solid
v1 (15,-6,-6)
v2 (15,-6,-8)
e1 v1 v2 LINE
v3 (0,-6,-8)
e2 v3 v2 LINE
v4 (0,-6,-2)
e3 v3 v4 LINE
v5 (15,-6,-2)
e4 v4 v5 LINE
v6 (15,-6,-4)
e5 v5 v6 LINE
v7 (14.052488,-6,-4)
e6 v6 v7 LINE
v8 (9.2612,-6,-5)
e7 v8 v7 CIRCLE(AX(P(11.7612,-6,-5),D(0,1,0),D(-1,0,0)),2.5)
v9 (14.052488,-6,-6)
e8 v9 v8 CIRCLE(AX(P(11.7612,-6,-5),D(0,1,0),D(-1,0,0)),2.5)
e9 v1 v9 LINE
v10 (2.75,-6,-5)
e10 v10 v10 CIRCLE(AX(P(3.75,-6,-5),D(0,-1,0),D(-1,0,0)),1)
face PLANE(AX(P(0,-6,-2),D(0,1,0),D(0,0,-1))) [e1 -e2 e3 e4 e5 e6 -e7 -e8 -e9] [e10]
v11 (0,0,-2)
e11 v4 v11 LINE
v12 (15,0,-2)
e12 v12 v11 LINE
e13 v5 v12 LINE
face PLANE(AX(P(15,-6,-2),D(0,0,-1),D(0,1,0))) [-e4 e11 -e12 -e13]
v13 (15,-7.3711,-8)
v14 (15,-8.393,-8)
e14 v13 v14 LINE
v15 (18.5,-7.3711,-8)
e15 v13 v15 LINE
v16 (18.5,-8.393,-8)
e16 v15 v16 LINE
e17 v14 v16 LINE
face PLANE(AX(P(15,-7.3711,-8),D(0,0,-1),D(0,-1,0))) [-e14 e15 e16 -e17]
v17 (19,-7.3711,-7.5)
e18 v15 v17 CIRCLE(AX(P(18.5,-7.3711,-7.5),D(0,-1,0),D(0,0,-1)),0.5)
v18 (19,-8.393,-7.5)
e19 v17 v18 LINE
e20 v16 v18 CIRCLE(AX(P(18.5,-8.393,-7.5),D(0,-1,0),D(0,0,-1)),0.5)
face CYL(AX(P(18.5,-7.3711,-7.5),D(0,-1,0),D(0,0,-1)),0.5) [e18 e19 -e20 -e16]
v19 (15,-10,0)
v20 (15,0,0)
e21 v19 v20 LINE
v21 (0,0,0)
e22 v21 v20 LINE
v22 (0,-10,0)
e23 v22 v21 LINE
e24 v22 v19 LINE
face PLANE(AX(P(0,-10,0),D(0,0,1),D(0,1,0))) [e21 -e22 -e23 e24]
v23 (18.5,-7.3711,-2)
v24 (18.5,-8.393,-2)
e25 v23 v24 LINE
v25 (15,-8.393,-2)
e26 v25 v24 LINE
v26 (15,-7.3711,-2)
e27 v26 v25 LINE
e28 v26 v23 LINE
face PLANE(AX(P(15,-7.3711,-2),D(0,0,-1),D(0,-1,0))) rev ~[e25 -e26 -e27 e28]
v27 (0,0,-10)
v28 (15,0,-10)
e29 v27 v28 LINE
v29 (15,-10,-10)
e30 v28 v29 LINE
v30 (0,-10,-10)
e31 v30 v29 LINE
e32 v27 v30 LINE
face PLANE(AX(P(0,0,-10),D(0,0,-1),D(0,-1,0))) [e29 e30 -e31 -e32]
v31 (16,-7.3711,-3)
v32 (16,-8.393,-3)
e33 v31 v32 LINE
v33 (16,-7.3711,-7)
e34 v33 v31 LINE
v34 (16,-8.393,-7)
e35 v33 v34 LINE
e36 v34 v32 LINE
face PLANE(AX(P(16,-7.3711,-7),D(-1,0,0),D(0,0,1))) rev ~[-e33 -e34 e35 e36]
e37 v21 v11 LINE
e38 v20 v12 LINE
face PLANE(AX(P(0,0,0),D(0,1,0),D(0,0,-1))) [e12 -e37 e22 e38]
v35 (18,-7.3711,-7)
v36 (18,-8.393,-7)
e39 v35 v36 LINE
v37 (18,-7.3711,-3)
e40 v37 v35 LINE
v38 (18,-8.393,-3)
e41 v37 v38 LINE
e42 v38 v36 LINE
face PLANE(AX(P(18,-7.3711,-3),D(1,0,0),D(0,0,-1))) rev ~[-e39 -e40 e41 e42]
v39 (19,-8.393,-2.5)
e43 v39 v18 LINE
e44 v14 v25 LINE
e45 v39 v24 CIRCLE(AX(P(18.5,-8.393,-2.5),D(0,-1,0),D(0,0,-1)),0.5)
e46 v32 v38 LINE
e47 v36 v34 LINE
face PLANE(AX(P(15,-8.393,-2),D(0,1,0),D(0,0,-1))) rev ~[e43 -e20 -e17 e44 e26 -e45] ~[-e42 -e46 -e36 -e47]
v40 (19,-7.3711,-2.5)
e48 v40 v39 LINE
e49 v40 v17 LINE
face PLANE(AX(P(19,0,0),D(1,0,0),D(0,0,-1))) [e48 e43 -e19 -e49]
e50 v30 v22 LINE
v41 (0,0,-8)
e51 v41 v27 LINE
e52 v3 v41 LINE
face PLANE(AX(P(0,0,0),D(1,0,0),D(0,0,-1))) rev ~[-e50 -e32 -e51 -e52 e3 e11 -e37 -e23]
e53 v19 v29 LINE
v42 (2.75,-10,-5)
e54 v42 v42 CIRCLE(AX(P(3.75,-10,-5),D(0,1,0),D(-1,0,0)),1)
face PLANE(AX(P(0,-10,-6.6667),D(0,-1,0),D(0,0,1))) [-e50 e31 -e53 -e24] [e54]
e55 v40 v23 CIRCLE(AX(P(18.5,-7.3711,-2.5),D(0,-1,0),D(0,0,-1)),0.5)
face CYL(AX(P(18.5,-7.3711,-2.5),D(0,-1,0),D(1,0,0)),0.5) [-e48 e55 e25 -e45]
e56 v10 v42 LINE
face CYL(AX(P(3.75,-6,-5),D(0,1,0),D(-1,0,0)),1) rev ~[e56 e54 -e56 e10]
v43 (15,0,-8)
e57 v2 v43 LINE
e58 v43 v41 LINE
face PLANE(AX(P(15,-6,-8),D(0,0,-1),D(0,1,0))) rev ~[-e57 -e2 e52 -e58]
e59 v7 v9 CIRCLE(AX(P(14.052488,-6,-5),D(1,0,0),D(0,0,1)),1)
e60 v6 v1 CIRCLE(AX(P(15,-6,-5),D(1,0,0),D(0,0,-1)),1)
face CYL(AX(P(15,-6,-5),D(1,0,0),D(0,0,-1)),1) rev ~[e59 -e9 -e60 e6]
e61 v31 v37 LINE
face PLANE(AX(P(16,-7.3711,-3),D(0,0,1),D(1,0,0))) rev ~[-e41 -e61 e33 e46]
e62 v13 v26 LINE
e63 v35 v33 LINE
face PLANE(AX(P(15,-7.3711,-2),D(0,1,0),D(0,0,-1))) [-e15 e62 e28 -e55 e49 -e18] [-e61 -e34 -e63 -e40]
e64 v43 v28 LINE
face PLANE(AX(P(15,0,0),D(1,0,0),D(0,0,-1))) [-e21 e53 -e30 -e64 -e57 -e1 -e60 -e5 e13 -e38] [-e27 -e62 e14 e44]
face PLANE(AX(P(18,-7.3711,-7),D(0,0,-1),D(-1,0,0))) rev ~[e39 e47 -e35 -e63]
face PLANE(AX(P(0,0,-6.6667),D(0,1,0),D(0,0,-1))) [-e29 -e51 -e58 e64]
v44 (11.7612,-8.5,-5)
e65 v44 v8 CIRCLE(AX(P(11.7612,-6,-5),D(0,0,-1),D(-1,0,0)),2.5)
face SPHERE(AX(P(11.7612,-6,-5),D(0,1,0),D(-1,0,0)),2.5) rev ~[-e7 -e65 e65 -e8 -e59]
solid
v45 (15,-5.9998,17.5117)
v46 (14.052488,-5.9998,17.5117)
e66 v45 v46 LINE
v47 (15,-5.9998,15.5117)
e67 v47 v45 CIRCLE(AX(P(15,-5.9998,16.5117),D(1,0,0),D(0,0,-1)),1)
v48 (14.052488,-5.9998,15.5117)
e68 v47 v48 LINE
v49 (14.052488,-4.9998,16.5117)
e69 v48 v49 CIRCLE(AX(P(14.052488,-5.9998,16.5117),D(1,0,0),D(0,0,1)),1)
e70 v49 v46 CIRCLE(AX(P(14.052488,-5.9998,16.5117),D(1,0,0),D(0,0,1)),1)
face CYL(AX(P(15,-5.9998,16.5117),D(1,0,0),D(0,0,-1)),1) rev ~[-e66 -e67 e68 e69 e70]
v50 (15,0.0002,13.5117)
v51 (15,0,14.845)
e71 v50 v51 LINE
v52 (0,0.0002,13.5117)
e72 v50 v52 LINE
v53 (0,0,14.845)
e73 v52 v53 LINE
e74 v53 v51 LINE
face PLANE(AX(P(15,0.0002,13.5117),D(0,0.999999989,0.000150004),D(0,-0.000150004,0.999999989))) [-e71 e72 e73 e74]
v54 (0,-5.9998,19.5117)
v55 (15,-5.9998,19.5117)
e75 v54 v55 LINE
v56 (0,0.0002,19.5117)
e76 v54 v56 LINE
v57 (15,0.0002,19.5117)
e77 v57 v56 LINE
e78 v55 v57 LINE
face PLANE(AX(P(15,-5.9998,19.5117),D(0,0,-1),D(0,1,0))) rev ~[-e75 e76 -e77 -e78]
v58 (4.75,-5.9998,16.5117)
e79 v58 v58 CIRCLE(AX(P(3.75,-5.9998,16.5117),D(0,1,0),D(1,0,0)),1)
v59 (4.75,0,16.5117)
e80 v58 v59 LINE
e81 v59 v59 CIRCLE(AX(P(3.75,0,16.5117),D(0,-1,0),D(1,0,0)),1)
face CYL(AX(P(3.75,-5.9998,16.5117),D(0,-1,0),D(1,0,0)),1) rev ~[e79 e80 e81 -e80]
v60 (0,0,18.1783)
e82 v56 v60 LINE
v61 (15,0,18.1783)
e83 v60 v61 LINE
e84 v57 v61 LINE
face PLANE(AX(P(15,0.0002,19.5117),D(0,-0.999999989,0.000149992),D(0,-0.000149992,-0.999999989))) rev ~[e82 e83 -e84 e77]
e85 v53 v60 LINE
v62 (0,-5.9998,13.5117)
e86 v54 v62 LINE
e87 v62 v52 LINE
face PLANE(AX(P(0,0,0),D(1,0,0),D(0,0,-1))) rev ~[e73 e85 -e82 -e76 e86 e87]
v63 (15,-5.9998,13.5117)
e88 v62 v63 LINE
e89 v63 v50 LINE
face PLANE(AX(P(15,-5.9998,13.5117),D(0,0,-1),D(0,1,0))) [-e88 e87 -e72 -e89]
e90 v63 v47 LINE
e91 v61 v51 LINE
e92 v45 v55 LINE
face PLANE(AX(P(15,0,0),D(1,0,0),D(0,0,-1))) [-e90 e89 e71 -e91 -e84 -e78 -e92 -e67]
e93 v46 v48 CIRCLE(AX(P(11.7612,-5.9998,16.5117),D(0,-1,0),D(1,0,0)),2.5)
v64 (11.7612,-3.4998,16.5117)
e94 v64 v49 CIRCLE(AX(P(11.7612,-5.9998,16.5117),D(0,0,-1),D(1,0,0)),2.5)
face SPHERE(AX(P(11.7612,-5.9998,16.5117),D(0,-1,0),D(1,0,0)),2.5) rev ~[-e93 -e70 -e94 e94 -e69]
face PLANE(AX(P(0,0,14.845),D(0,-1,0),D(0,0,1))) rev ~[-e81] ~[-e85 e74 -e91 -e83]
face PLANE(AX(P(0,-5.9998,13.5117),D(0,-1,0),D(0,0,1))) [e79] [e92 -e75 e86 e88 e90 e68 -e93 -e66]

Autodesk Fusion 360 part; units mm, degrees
sketch "Sketch1" plane through (0, 0, 0) normal (1, 0, 0) x (0, 0, -1)
  line L0 (0, 0) -> (10, 0)
  line L1 (10, 0) -> (10, -10)
  line L2 (10, -10) -> (0, -10)
  line L3 (0, -10) -> (0, 0)
  line L4 (0, 0) -> (10, -10)
  line L5 (0, -10) -> (10, 0)
  line L6 (5, -5) -> (5, 0)
  line L7 (5, 0) -> (10, -10)
  line L8 (6.6667, -3.3333) -> (6.6667, 0)
  line L9 (6.6667, -10) -> (6.6667, -3.3333)
  line L10 (10, 0) -> (6.6667, -10)
  line L11 (8, -6) -> (6.6667, 0)
  line L12 (8, -6) -> (5, -6)
  line L13 (2, -6) -> (3.3333, 0)
  line L14 (2, -6) -> (5, -6)
  dimension "d1" = 10
  dimension "d2" = 10
extrude "Extrude1" add sketch "Sketch1" along normal blind 15 contours L3 L4 L5 L13 L14 | L0 L4 L13 | L2 L4 L5 L9 L12 L14 | L2 L4 L10 | L4 L9 L10 | L0 L5 L11 | L1 L7 L10 | L4 L7 L10 | L4 L9 L10 L12 | L4 L9 L12 | L5 L10 L11 makes body 1
sketch "Sketch2" plane through (0, -6, 0) normal (0, 1, 0) x (-1, 0, 0)
  line L0 (0, -8) -> (0, -2)
  line L1 (0, -2) -> (-15, -2)
  line L2 (-15, -2) -> (-15, -8)
  line L3 (-15, -8) -> (0, -8)
  line L4 (-15, -2) -> (0, -2)
  line L5 (0, -2) -> (0, -8)
  line L6 (0, -8) -> (-15, -8)
  line L7 (-15, -8) -> (-15, -2)
  line L8 (-15, -2) -> (0, -8)
  line L9 (-15, -8) -> (0, -2)
  line L10 (-7.5, -5) -> (0, -5)
  circle A0 centre (-3.75, -5) radius 1
  dimension "d5" = 2
extrude "Extrude2" cut sketch "Sketch2" against normal blind 10 contours L10 A0 | L10 A0 bodies 1
sketch "Sketch3" plane through (0, -6, 0) normal (0, 1, 0) x (-1, 0, 0)
  circle A0 centre (-3.75, -5) radius 1
  line L0 (0, -8) -> (0, -2)
  line L1 (0, -2) -> (-15, -2)
  line L2 (-15, -2) -> (-15, -8)
  line L3 (-15, -8) -> (0, -8)
  line L4 (-3.75, -5) -> (-15, -5)
  circle A1 centre (-11.7612, -5) radius 2.5
  dimension "d8" = 5
sphere "SpherePrimitive1" cut diameter 5 placed x (-1, 0, 0) y (0, 0, 1) z (0, 1, 0) at (11.7612, -6, -5) bodies 1
sketch "Sketch4" plane through (0, 0, 0) normal (1, 0, 0) x (0, 0, -1)
  line L0 (0, 0) -> (-11.5117, 0)
  line L1 (-11.5117, 0) -> (-21.5117, 0)
  line L2 (-21.5117, 0) -> (-21.5117, -10)
  line L3 (-21.5117, -10) -> (-11.5117, -10)
  line L4 (-11.5117, -10) -> (-11.5117, 0)
  line L5 (-16.5117, -5) -> (-16.5117, 0)
  line L6 (-18.1783, -3.3333) -> (-18.1783, 0)
  line L7 (4.9359, -6.009) -> (-27.7076, -6.009)
  line L8 (-16.5117, -5) -> (-21.5117, -5)
  line L9 (10, -10) -> (0, -10)
  line L10 (7.5, -6) -> (2.5, -6)
  line L11 (-19.0117, -10) -> (-19.0117, -6)
  line L12 (-21.5117, 0) -> (-18.1783, 0)
  line L13 (-21.5117, -5.9998) -> (-19.5117, -5.9998)
  line L14 (-19.5117, -5.9998) -> (-18.1783, 0)
  line L15 (-13.5117, -5.9998) -> (-14.845, 0)
  line L16 (-37.9592, -6.009) -> (-5.3157, -6.009)
  line L17 (-13.5117, -5.9998) -> (-19.5117, -5.9998)
  line L18 (-13.5117, -5.9998) -> (-19.5117, -5.9998)
  dimension "d10" = 10
  dimension "d11" = 10
  dimension "d12" = 4
  dimension "d13" = 4
  dimension "d14" = 2
extrude "Extrude3" add sketch "Sketch4" along normal blind 15 separate body contours L1 L5 L8 L14 L15 L17 L18 | L1 L5 L8 L14 makes body 2
sketch "Sketch5" plane through (0, -5.9998, 0) normal (0, -1, 0) x (1, 0, 0)
  line L0 (0, 19.5117) -> (0, 13.5117)
  line L1 (0, 13.5117) -> (15, 13.5117)
  line L2 (15, 13.5117) -> (15, 19.5117)
  line L3 (15, 19.5117) -> (0, 19.5117)
  line L4 (0, 19.5117) -> (15, 13.5117)
  line L5 (0, 16.5117) -> (15, 16.5117)
  line L6 (0, -8) -> (0, -2)
  line L7 (0, 16.5117) -> (3.75, 16.5117)
  circle A0 centre (3.75, 16.5117) radius 1
  line L8 (11.7612, -5) -> (11.7612, 16.5117)
  point P0 (3.75, -5)
  point P1 (11.7612, -5)
  point P2 (15, -5)
  dimension "d17" = 3.75
  dimension "d18" = 3.2388
  dimension "d19" = 3.75
  dimension "d20" = 2
extrude "Extrude4" cut sketch "Sketch5" against normal blind 15 contours L5 L7 A0 | L5 L7 A0 bodies 2
sketch "Sketch6" plane through (0, -5.9998, 0) normal (0, -1, 0) x (1, 0, 0)
  circle A0 centre (3.75, 16.5117) radius 1
  line L0 (0, 19.5117) -> (0, 13.5117)
  line L1 (0, 13.5117) -> (15, 13.5117)
  line L2 (15, 13.5117) -> (15, 19.5117)
  line L3 (15, 19.5117) -> (0, 19.5117)
  line L4 (15, -2) -> (15, -8)
  line L5 (11.7612, -5) -> (11.7612, 19.5117)
  line L6 (3.75, 16.5117) -> (15, 16.5117)
  circle A1 centre (11.7612, 16.5117) radius 2.5
  point P0 (11.7612, -5)
  dimension "d23" = 3.2388
  dimension "d24" = 5
sphere "SpherePrimitive2" cut diameter 5 placed x (1, 0, 0) y (0, 0, 1) z (0, -1, 0) at (11.7612, -5.9998, 16.5117) bodies 2
sketch "Sketch7" plane through (15, 0, 0) normal (1, 0, 0) x (0, 0, -1)
  line L0 (8, -6) -> (2, -6)
  line L1 (2, -6) -> (3.3333, 0)
  line L2 (3.3333, 0) -> (0, 0)
  line L3 (0, 0) -> (0, -10)
  line L4 (0, -10) -> (10, -10)
  line L5 (10, -10) -> (10, 0)
  line L6 (10, 0) -> (6.6667, 0)
  line L7 (6.6667, 0) -> (8, -6)
  circle A0 centre (5, -6) radius 1
  dimension "d26" = 2
extrude "Extrude5" cut sketch "Sketch7" against normal blind 1 contours L0 A0 picked at (5.3333, -6.4534) bodies 1
sketch "Sketch8" plane through (15, 0, 0) normal (1, 0, 0) x (0, 0, -1)
  arc A0 (4, -6) -> (6, -6) centre (5, -6) ccw
  line L0 (4, -6) -> (2, -6)
  line L1 (2, -6) -> (3.3333, 0)
  line L2 (3.3333, 0) -> (0, 0)
  line L3 (0, 0) -> (0, -10)
  line L4 (0, -10) -> (10, -10)
  line L5 (10, -10) -> (10, 0)
  line L6 (10, 0) -> (6.6667, 0)
  line L7 (6.6667, 0) -> (8, -6)
  line L8 (8, -6) -> (6, -6)
  line L9 (2, -6) -> (2, 0)
  line L10 (8, -6) -> (8, 0)
  line L11 (2, 0) -> (3.3333, 0)
  line L12 (2, -6) -> (3.3333, 0)
  line L13 (6.6667, 0) -> (8, -6)
  line L14 (6.6667, 0) -> (8, 0)
extrude "Extrude6" cut sketch "Sketch8" against normal blind 15 contours L1 L2 L9 L11 L12 | L6 L7 L10 L13 L14 bodies 1
sketch "Sketch9" plane through (15, 0, 0) normal (1, 0, 0) x (0, 0, -1)
  line L0 (-14.845, 0) -> (-18.1783, 0)
  line L1 (-18.1783, 0) -> (-19.5117, -5.9998)
  line L2 (-19.5117, -5.9998) -> (-13.5117, -5.9998)
  line L3 (-13.5117, -5.9998) -> (-14.845, 0)
  line L4 (-13.5117, -5.9998) -> (-13.5117, 0.0002)
  line L5 (-19.5117, -5.9998) -> (-19.5117, 0.0002)
  line L6 (-19.5117, 0.0002) -> (-18.1783, 0)
  line L7 (-19.5117, -5.9998) -> (-18.1783, 0)
  line L8 (-13.5117, 0.0002) -> (-14.845, 0)
  line L9 (-14.845, 0) -> (-13.5117, -5.9998)
  dimension "d31" = 6
  dimension "d32" = 6
extrude "Extrude7" add sketch "Sketch9" against normal blind 15 contours L3 L4 L8 L9 | L1 L5 L6 L7 bodies 2
sketch "Sketch10" plane through (15, 0, 0) normal (1, 0, 0) x (0, 0, -1)
  line L0 (-14.845, 0) -> (-18.1783, 0)
  line L1 (-18.1783, 0) -> (-19.5117, 0.0002)
  line L2 (-19.5117, 0.0002) -> (-19.5117, -5.9998)
  line L3 (-19.5117, -5.9998) -> (-13.5117, -5.9998)
  line L4 (-13.5117, -5.9998) -> (-13.5117, 0.0002)
  line L5 (-13.5117, 0.0002) -> (-14.845, 0)
  circle A0 centre (-16.5117, -5.9998) radius 1
  dimension "d35" = 2
extrude "Extrude8" cut sketch "Sketch10" against normal blind 1 contours L3 A0 picked at (-16.4375, -5.6748) bodies 2
sketch "Sketch11" plane through (15, 0, 0) normal (1, 0, 0) x (0, 0, -1)
  line L0 (2, -6) -> (2, 0)
  line L1 (2, 0) -> (0, 0)
  line L2 (0, 0) -> (0, -10)
  line L3 (0, -10) -> (10, -10)
  line L4 (10, -10) -> (10, 0)
  line L5 (10, 0) -> (8, 0)
  line L6 (8, 0) -> (8, -6)
  line L7 (8, -6) -> (6, -6)
  arc A0 (4, -6) -> (6, -6) centre (5, -6) ccw
  line L8 (4, -6) -> (2, -6)
  line L9 (4, -6) -> (4, -10)
  line L10 (5, -7) -> (5, -7.2252)
  line L11 (5, -7.2252) -> (5, -10)
  line L12 (2, -6) -> (2, -10)
  line L13 (8, -6) -> (8, -10)
  line L14 (2, -7.3711) -> (8, -7.3711)
  line L15 (2, -8.393) -> (8, -8.393)
extrude "Extrude9" add sketch "Sketch11" along normal blind 4 contours L9 L12 L14 L15 | L9 L11 L14 L15 | L11 L13 L14 L15 bodies 1
sketch "Sketch12" plane through (0, -7.3711, 0) normal (0, 1, 0) x (-1, 0, 0)
  line L0 (-15, -8) -> (-15, -2)
  line L1 (-15, -2) -> (-19, -2)
  line L2 (-19, -2) -> (-19, -8)
  line L3 (-19, -8) -> (-15, -8)
  line L4 (-16, -3) -> (-18, -3)
  line L5 (-18, -3) -> (-18, -7)
  line L6 (-18, -7) -> (-16, -7)
  line L7 (-16, -7) -> (-16, -3)
  dimension "d40" = -1
extrude "Extrude10" cut sketch "Sketch12" against normal blind 2 contours L4 L5 L6 L7 bodies 1
fillet "Fillet1" radius 0.5 1 edges at (19, -7.882, -8) on bodies 1
fillet "Fillet2" radius 0.5 1 edges at (19, -7.882, -2) on bodies 1
